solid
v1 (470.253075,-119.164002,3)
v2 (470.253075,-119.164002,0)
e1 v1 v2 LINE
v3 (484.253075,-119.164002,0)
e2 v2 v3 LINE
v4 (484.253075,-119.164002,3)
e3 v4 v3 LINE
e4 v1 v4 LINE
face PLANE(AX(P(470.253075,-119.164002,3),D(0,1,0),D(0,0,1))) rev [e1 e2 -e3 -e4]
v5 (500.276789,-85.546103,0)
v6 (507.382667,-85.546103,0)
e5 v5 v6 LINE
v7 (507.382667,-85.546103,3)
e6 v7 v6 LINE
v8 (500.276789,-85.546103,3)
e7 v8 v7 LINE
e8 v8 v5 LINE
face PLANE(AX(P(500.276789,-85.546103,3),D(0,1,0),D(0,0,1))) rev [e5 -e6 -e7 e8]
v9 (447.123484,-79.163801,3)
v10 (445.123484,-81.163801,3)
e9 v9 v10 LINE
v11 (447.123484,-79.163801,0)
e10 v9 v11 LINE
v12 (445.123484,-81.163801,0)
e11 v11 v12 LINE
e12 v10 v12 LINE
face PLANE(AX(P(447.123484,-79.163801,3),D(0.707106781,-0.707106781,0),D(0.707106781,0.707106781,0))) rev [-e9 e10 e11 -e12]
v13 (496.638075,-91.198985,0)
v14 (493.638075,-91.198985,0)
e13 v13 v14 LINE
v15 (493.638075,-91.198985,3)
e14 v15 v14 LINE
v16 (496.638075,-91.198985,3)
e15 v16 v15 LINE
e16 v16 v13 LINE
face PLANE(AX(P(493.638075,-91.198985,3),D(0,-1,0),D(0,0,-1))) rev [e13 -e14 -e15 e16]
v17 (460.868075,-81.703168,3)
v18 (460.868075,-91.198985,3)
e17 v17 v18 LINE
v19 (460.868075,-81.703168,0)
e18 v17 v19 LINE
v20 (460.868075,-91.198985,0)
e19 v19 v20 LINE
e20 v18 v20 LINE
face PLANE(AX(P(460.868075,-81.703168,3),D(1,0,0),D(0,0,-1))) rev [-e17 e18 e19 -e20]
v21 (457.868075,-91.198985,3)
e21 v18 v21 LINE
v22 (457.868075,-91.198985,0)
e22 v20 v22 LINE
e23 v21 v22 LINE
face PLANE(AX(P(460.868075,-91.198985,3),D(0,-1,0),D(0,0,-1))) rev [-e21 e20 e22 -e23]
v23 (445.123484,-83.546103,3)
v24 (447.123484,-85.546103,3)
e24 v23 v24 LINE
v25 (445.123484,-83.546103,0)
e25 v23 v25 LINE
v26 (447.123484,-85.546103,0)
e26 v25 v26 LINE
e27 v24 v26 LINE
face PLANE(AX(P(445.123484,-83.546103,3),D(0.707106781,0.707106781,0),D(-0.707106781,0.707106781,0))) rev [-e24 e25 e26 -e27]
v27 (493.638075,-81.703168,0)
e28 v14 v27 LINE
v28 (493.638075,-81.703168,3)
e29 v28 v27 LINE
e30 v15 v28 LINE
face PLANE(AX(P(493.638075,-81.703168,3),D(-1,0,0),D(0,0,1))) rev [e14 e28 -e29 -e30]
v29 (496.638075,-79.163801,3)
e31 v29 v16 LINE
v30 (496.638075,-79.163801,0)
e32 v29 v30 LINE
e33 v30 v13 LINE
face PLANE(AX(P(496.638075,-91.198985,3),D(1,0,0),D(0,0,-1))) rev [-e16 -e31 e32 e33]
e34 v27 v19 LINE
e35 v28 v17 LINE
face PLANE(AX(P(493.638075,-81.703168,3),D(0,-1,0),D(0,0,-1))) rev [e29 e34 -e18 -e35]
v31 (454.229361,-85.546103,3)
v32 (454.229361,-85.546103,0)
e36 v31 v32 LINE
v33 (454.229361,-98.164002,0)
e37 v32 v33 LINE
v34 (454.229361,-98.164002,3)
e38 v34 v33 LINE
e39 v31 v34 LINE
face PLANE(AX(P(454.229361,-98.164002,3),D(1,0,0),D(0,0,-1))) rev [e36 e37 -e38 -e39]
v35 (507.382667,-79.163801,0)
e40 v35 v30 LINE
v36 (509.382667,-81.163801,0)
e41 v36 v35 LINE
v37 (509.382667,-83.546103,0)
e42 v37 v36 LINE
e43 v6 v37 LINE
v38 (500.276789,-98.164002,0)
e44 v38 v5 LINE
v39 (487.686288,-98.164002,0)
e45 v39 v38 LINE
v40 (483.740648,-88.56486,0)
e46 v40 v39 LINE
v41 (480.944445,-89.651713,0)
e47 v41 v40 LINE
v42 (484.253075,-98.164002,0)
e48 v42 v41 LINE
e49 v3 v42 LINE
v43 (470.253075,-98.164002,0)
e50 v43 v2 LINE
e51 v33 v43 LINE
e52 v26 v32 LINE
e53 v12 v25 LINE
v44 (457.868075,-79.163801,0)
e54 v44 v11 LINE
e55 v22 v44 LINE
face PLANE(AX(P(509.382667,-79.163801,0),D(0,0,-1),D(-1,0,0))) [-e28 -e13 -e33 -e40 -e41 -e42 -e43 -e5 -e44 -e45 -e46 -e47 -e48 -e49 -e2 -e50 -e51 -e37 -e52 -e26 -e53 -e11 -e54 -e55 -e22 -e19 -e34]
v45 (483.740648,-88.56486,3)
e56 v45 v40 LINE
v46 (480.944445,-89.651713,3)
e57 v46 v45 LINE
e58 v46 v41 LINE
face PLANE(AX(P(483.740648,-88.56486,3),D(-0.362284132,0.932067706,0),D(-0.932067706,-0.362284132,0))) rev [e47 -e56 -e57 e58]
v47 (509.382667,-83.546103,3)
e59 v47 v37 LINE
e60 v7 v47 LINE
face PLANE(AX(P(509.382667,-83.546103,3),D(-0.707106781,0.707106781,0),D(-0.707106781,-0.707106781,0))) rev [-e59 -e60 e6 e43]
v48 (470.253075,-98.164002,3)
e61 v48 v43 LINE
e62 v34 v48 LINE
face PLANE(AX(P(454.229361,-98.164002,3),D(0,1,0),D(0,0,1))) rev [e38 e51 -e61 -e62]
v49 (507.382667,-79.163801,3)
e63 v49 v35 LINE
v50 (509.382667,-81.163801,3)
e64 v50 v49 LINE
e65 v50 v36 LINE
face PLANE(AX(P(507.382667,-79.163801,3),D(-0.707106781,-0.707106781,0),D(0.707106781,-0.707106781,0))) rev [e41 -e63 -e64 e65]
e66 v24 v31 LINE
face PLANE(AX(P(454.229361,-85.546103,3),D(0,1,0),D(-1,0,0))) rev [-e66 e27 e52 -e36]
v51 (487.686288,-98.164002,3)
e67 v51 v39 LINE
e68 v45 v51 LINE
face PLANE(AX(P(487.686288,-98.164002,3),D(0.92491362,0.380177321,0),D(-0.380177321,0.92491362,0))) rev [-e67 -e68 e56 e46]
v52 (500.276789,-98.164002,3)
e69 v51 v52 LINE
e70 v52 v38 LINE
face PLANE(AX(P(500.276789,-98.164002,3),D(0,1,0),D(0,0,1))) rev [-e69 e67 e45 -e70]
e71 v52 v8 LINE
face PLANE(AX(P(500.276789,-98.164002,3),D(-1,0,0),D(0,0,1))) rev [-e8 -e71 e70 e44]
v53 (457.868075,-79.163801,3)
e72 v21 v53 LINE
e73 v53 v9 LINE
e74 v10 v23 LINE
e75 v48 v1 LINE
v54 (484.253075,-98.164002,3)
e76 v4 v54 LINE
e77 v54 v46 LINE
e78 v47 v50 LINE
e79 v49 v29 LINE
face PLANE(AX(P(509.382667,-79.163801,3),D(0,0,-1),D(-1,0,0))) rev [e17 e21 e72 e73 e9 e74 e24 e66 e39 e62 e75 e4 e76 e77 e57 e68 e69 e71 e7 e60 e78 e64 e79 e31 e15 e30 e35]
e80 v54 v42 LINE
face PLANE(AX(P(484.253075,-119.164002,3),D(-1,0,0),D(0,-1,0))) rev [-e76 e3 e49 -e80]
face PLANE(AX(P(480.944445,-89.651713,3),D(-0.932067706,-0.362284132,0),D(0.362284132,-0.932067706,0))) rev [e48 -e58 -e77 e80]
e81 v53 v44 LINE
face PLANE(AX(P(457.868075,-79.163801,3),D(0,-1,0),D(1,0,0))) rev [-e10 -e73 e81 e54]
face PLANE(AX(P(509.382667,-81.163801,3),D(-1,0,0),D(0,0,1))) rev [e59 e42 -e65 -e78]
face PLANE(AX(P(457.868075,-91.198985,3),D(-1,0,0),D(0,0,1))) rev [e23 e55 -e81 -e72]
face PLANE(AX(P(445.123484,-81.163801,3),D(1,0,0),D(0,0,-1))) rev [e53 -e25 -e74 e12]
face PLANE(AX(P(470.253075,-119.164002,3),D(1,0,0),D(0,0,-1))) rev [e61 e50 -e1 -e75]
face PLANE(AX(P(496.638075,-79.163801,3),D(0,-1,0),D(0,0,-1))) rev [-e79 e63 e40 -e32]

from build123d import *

# Parameters (mm, degrees)
BASE_EXTRUDE_DEPTH = 3


with BuildPart() as part:
    # Sketch1 → Base-Extrude (new body)
    with BuildSketch(Plane.XY):
        Polygon((507.382666582, -79.163801432), (509.382666582, -81.163801432), (509.382666582, -83.546103264), (507.382666582, -85.546103264), (500.276789321, -85.546103264), (500.276789321, -98.16400177), (487.686287766, -98.16400177), (483.740648064, -88.564860259), (480.944444947, -89.651712655), (484.253075056, -98.16400177), (484.253075056, -119.16400177), (470.253075056, -119.16400177), (470.253075056, -98.16400177), (454.229360791, -98.16400177), (454.229360791, -85.546103264), (447.123483531, -85.546103264), (445.123483531, -83.546103264), (445.123483531, -81.163801432), (447.123483531, -79.163801432), (457.868075056, -79.163801432), (457.868075056, -91.198985184), (460.868075056, -91.198985184), (460.868075056, -81.703167502), (493.638075056, -81.703167502), (493.638075056, -91.198985184), (496.638075056, -91.198985184), (496.638075056, -79.163801432), align=None)
    extrude(amount=BASE_EXTRUDE_DEPTH)


solid = part.part
